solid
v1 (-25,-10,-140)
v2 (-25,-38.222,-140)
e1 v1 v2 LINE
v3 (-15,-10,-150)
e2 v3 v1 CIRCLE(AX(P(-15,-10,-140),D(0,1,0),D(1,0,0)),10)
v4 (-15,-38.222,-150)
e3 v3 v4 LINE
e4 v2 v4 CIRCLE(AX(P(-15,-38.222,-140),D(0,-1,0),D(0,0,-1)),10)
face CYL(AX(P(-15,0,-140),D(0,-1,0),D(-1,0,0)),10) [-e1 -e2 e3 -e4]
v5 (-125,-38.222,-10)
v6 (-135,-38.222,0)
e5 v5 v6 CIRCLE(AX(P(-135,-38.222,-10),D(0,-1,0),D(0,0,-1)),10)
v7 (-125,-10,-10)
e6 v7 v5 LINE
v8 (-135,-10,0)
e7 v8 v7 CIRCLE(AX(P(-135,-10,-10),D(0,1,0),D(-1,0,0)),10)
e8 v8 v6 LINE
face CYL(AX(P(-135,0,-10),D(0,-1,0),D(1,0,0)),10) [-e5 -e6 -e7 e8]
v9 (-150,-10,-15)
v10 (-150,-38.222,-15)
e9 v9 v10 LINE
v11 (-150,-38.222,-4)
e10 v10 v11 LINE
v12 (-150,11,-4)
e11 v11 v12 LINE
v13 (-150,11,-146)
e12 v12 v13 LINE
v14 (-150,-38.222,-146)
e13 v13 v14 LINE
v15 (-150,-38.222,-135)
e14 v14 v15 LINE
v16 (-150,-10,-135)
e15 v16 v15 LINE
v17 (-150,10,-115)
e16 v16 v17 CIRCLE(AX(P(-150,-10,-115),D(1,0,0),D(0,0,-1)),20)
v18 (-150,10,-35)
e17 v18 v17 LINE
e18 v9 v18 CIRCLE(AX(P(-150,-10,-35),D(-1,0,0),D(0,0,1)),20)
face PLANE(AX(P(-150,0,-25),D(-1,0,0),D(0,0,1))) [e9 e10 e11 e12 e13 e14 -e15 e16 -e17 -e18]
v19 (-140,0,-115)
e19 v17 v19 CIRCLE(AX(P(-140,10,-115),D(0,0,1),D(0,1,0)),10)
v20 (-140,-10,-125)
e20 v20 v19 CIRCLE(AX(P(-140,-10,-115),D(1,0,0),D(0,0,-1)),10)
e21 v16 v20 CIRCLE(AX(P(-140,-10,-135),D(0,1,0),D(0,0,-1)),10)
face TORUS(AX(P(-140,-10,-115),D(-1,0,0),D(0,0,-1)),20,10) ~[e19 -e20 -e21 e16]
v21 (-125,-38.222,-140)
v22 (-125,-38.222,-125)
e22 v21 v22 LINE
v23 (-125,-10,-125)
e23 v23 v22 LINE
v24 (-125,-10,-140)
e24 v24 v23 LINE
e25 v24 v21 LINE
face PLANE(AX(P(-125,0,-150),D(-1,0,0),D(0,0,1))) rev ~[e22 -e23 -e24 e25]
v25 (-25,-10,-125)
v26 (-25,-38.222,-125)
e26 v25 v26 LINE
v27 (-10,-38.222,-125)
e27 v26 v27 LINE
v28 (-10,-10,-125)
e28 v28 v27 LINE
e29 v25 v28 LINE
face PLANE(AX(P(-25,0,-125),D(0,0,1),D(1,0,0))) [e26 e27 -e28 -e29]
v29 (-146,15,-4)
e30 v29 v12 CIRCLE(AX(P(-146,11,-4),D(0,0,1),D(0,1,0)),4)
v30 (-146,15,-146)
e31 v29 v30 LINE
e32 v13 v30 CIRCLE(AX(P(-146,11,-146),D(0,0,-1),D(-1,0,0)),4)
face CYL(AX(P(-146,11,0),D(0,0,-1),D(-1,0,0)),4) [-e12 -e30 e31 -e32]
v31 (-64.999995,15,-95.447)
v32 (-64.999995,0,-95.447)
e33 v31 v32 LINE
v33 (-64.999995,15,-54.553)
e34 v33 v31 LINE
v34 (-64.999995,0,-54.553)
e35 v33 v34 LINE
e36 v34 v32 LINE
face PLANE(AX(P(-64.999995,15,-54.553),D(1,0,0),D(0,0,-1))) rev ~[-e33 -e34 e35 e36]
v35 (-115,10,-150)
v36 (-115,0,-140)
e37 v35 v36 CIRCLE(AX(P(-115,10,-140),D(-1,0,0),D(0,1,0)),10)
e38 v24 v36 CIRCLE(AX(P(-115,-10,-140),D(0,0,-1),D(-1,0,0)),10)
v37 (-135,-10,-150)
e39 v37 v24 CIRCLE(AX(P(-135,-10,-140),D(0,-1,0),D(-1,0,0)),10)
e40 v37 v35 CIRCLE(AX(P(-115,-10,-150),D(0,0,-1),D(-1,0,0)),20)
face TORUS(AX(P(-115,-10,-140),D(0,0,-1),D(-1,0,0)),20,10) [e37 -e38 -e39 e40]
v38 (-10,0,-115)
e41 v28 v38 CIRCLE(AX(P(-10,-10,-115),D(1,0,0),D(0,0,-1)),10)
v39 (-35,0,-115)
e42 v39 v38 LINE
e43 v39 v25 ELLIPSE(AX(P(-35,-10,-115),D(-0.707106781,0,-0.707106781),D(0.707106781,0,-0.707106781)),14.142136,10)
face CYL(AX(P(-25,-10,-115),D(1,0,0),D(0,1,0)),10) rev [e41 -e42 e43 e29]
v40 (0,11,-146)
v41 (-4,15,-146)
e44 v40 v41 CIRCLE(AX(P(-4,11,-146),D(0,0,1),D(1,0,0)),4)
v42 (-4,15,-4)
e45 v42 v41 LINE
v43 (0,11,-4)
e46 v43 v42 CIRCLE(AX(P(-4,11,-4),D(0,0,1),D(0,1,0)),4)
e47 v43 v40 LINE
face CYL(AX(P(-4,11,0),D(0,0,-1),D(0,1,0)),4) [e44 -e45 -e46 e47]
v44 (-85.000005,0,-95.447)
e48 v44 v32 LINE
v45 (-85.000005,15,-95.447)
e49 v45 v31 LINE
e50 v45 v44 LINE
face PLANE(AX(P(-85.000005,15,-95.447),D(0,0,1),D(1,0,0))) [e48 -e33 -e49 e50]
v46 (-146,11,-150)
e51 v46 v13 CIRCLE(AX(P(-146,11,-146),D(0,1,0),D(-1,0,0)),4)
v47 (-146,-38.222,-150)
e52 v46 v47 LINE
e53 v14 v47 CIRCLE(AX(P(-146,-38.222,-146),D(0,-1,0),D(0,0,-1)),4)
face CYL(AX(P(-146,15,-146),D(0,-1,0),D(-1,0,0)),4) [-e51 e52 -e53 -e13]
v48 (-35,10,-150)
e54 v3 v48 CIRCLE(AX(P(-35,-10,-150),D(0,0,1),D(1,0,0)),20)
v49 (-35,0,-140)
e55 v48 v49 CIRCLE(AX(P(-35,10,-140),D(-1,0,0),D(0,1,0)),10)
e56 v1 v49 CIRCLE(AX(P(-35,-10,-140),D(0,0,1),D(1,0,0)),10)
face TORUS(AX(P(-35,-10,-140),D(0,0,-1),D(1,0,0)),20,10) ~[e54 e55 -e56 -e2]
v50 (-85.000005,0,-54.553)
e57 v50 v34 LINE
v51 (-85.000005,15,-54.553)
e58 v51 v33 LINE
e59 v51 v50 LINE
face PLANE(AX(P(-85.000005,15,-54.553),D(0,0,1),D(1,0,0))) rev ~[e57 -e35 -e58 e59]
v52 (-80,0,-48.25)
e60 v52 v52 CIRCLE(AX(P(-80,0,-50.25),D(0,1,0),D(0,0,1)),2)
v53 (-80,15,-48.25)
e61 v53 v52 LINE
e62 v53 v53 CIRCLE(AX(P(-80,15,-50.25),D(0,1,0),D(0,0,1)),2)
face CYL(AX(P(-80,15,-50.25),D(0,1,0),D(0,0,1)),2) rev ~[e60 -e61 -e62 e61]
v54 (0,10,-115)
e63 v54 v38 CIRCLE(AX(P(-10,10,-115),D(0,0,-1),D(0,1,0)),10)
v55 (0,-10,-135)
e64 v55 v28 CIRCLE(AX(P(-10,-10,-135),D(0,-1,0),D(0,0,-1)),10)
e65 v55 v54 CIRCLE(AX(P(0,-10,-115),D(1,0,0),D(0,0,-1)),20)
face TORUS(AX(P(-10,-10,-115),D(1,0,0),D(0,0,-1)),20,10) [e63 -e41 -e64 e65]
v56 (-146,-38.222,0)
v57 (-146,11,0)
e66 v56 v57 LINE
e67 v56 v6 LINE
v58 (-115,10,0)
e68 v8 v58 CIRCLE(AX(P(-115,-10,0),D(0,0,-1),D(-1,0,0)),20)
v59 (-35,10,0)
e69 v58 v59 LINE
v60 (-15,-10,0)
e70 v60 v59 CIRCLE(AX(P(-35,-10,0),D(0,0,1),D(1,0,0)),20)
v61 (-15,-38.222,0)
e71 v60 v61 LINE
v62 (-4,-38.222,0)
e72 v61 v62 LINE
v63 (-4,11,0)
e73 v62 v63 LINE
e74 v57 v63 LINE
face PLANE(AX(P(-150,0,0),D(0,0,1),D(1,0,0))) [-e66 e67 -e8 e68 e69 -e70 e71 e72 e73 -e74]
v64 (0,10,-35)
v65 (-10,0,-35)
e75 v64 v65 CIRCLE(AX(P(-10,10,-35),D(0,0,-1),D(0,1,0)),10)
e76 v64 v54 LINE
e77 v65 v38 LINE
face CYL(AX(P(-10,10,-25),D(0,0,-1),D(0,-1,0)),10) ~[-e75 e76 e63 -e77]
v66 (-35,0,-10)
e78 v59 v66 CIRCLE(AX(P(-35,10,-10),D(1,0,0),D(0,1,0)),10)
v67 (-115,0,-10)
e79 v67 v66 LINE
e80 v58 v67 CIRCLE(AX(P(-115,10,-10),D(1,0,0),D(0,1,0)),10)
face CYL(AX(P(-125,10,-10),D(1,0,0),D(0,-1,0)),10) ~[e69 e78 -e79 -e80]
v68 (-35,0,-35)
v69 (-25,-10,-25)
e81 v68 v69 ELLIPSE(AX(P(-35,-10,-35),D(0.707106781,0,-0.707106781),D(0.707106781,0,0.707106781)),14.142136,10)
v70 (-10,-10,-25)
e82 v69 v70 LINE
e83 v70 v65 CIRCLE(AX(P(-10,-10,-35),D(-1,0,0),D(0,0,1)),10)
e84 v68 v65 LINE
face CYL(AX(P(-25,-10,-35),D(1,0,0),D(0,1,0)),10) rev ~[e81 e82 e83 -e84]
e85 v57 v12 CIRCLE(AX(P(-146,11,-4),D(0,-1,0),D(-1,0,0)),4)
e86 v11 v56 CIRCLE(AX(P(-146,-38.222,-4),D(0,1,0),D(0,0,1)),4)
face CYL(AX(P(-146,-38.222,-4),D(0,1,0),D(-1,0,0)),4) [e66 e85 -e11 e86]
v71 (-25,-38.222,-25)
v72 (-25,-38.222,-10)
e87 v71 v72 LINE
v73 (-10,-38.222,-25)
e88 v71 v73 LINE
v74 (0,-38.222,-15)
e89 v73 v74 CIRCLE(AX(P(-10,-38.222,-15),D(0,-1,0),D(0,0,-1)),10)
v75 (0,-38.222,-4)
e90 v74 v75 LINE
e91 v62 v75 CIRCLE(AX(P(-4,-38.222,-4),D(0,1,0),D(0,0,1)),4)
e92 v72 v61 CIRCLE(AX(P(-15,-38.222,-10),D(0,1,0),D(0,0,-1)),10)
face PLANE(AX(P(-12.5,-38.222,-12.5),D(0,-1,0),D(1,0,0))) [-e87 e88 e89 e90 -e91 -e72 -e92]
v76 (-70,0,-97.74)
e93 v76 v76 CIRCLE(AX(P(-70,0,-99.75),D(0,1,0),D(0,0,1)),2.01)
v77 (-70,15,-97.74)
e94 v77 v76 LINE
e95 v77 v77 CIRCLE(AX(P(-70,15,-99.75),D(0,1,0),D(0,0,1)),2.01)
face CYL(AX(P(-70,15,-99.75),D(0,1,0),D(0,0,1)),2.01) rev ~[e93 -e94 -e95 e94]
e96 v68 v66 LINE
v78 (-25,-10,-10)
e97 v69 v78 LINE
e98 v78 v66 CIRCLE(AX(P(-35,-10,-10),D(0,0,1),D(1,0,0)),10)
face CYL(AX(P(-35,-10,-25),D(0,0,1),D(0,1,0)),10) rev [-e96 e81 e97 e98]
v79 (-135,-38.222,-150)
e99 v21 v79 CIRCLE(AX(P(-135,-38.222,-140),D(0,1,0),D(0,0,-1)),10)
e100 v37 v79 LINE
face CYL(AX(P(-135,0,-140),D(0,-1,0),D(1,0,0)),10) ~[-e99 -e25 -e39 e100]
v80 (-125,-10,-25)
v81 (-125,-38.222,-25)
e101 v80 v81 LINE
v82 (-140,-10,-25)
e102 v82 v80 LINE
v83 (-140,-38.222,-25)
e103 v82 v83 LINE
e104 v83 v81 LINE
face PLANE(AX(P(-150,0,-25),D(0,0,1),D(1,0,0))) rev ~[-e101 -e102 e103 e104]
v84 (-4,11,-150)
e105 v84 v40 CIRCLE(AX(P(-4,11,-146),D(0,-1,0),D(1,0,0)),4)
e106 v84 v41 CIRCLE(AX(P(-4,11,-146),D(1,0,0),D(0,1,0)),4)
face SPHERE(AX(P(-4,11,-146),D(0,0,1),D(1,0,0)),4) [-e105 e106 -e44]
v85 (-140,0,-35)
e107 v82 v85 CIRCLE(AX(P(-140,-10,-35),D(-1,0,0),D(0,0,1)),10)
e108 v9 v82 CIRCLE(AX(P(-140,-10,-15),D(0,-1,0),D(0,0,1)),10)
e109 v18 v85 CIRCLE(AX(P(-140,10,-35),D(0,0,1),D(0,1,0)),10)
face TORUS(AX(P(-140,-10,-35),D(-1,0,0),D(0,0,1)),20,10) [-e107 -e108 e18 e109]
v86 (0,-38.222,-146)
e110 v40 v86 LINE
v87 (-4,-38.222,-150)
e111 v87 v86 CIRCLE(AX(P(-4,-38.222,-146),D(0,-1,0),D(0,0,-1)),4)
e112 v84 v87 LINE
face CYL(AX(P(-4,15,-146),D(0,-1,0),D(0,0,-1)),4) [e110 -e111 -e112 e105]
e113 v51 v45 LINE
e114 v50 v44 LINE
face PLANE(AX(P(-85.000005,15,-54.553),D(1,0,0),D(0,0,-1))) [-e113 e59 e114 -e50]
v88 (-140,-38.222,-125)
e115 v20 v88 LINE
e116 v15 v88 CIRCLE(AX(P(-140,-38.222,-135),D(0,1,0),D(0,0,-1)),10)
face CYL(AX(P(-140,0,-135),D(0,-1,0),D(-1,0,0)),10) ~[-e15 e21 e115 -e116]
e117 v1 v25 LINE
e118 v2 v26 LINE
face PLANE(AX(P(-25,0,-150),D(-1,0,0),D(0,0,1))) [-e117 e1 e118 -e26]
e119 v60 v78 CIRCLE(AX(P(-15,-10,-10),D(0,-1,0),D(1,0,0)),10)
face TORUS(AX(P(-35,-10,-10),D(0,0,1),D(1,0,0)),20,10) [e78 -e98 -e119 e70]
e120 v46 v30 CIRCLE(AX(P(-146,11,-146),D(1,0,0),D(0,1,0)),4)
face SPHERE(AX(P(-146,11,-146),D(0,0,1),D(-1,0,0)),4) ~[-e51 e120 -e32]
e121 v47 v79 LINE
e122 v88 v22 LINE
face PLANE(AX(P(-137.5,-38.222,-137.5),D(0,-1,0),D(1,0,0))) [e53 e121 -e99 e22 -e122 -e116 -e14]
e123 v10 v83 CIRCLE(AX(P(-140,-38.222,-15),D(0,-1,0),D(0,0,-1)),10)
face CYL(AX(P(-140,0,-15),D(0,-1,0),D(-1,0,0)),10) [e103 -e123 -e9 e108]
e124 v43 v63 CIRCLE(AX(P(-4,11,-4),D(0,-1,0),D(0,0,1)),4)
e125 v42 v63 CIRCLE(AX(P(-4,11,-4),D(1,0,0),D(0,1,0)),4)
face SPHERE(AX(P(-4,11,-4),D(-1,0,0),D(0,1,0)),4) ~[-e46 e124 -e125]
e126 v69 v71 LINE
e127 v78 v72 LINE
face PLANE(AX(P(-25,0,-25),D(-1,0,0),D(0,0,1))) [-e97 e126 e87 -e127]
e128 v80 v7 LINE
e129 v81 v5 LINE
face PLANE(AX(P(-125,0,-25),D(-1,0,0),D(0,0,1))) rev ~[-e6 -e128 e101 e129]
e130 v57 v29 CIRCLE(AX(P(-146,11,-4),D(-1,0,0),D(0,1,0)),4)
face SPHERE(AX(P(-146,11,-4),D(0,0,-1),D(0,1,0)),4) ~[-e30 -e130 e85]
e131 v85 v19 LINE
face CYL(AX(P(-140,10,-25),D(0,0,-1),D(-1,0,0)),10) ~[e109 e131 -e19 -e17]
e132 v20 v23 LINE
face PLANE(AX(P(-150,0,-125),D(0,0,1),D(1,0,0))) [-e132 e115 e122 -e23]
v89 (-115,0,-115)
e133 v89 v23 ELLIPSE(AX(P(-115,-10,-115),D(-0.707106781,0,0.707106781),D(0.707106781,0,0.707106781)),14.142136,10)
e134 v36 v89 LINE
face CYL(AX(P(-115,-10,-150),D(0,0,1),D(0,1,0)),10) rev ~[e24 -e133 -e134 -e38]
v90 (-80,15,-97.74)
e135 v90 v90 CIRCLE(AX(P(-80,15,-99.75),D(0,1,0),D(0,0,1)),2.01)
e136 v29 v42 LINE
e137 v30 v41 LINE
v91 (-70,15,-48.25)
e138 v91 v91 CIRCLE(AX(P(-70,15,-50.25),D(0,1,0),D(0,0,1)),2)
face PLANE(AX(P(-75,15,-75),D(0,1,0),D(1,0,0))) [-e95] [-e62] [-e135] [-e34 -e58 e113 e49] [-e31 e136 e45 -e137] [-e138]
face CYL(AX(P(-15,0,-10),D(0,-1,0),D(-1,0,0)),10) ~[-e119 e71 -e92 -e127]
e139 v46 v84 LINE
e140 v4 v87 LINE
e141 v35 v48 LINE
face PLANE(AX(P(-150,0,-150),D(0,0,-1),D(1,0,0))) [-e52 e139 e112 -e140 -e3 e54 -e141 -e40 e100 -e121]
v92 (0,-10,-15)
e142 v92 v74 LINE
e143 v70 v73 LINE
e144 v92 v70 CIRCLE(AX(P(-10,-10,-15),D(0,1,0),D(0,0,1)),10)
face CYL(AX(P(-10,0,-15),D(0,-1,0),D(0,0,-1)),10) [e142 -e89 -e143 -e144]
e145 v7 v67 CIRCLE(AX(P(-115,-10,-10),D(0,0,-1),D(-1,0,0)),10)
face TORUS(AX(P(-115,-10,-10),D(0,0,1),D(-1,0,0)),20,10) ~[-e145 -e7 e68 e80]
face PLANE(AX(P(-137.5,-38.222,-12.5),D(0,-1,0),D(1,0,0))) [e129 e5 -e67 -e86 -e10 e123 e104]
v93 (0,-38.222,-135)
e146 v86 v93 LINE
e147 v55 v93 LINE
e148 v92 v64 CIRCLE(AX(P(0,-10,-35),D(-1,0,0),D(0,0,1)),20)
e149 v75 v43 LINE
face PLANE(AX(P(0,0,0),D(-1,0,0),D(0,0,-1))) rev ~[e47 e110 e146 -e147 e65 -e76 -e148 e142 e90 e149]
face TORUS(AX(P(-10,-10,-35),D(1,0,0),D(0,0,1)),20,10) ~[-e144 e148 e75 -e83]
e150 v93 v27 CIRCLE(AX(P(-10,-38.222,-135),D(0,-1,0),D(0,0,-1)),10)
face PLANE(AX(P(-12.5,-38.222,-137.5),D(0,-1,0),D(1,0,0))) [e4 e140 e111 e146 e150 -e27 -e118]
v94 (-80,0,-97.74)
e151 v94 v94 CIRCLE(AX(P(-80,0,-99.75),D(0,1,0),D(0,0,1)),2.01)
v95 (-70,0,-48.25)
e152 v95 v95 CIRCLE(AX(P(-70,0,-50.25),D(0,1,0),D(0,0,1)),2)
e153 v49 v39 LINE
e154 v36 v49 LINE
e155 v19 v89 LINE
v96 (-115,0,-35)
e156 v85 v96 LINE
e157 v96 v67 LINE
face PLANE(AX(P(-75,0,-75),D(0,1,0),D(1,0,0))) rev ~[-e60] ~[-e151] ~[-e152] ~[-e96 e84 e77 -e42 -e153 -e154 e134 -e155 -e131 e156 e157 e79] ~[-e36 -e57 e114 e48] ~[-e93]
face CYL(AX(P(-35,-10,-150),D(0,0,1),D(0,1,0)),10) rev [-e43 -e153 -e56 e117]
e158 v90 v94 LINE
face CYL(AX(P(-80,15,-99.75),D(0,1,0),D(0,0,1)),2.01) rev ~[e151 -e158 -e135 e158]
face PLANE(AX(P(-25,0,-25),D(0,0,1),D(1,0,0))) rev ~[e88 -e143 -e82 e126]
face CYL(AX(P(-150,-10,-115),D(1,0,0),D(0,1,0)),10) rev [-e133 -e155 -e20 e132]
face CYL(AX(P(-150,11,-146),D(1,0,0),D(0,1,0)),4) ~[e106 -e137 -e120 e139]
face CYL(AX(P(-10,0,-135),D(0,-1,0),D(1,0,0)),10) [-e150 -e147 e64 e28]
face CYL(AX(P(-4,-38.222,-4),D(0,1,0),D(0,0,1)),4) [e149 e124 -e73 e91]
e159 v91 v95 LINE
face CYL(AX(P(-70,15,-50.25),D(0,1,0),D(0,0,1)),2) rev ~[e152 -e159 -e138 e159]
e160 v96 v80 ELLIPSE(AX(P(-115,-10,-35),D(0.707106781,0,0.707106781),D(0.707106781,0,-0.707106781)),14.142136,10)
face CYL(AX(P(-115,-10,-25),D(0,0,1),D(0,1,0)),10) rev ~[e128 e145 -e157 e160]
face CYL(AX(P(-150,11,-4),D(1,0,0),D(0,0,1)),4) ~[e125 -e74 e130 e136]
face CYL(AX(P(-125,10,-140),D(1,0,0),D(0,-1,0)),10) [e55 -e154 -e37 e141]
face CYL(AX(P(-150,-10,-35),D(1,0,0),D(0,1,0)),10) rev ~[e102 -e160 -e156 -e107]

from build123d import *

# Parameters (mm, degrees)
SKETCH1_W           = 150
SKETCH1_H           = 150
BOSS_EXTRUDE1_DEPTH = 15
SKETCH2_W           = 20.0000108
SKETCH2_H           = 40.894
CUT_EXTRUDE1_DEPTH  = 15
SKETCH4_W           = 25
SKETCH4_H           = 25
BOSS_EXTRUDE2_DEPTH = 38.222
FILLET1_R           = 10
FILLET2_R           = 4
SKETCH5_R           = 2
SKETCH5_R_2         = 2.01
CUT_EXTRUDE2_DEPTH  = 53.222


with BuildPart() as part:
    # Sketch1 → Boss-Extrude1 (new body)
    with BuildSketch(Plane(origin=(0, 0, 0), x_dir=(1, 0, 0), z_dir=(0, 1, 0))):
        with Locations((-75, 75)):
            Rectangle(SKETCH1_W, SKETCH1_H)
    extrude(amount=BOSS_EXTRUDE1_DEPTH)

    # Sketch2 → Cut-Extrude1 (cut)
    with BuildSketch(Plane(origin=(0, 15, 0), x_dir=(1, 0, 0), z_dir=(0, 1, 0))):
        with Locations((-75, 75)):
            Rectangle(SKETCH2_W, SKETCH2_H)
    extrude(amount=-CUT_EXTRUDE1_DEPTH, mode=Mode.SUBTRACT)

    # Sketch4 → Boss-Extrude2 (add)
    with BuildSketch(Plane.XZ):
        with Locations((-137.5, -12.5)):
            Rectangle(SKETCH4_W, SKETCH4_H)
        with Locations((-137.5, -137.5)):
            Rectangle(SKETCH4_W, SKETCH4_H)
        with Locations((-12.5, -12.5)):
            Rectangle(SKETCH4_W, SKETCH4_H)
        with Locations((-12.5, -137.5)):
            Rectangle(SKETCH4_W, SKETCH4_H)
    extrude(amount=BOSS_EXTRUDE2_DEPTH)

    # Fillet1
    fillet1_edges = [part.edges().sort_by_distance(p)[0] for p in [
        (-75, 0, 0),
        (-137.5, 0, -25),
        (-150, -19.111, -25),
        (-125, 0, -12.5),
        (-125, -19.111, 0),
        (-150, 0, -75),
        (-125, 0, -137.5),
        (-125, -19.111, -150),
        (-137.5, 0, -125),
        (-150, -19.111, -125),
        (0, 0, -75),
        (-25, 0, -12.5),
        (-25, -19.111, 0),
        (-12.5, 0, -25),
        (0, -19.111, -25),
        (-75, 0, -150),
        (-12.5, 0, -125),
        (0, -19.111, -125),
        (-25, 0, -137.5),
        (-25, -19.111, -150),
    ]]
    fillet(fillet1_edges, radius=FILLET1_R)

    # Fillet2
    fillet2_edges = [part.edges().sort_by_distance(p)[0] for p in [
        (-150, 15, -75),
        (-75, 15, 0),
        (0, 15, -75),
        (0, -11.611, 0),
        (-150, -11.611, 0),
        (-150, -11.611, -150),
        (0, -11.611, -150),
        (-75, 15, -150),
    ]]
    fillet(fillet2_edges, radius=FILLET2_R)

    # Sketch5 → Cut-Extrude2 (cut)
    with BuildSketch(Plane(origin=(0, 15, 0), x_dir=(1, 0, 0), z_dir=(0, 1, 0))):
        with Locations(Location((-80, 50.25, 0), (0, 0, 270))):
            Circle(SKETCH5_R)
        with Locations(Location((-70, 50.25, 0), (0, 0, 270))):
            Circle(SKETCH5_R)
        with Locations(Location((-80, 99.75, 0), (0, 0, 270))):
            Circle(SKETCH5_R_2)
        with Locations(Location((-70, 99.75, 0), (0, 0, 270))):
            Circle(SKETCH5_R_2)
    extrude(amount=-CUT_EXTRUDE2_DEPTH, mode=Mode.SUBTRACT)


solid = part.part
